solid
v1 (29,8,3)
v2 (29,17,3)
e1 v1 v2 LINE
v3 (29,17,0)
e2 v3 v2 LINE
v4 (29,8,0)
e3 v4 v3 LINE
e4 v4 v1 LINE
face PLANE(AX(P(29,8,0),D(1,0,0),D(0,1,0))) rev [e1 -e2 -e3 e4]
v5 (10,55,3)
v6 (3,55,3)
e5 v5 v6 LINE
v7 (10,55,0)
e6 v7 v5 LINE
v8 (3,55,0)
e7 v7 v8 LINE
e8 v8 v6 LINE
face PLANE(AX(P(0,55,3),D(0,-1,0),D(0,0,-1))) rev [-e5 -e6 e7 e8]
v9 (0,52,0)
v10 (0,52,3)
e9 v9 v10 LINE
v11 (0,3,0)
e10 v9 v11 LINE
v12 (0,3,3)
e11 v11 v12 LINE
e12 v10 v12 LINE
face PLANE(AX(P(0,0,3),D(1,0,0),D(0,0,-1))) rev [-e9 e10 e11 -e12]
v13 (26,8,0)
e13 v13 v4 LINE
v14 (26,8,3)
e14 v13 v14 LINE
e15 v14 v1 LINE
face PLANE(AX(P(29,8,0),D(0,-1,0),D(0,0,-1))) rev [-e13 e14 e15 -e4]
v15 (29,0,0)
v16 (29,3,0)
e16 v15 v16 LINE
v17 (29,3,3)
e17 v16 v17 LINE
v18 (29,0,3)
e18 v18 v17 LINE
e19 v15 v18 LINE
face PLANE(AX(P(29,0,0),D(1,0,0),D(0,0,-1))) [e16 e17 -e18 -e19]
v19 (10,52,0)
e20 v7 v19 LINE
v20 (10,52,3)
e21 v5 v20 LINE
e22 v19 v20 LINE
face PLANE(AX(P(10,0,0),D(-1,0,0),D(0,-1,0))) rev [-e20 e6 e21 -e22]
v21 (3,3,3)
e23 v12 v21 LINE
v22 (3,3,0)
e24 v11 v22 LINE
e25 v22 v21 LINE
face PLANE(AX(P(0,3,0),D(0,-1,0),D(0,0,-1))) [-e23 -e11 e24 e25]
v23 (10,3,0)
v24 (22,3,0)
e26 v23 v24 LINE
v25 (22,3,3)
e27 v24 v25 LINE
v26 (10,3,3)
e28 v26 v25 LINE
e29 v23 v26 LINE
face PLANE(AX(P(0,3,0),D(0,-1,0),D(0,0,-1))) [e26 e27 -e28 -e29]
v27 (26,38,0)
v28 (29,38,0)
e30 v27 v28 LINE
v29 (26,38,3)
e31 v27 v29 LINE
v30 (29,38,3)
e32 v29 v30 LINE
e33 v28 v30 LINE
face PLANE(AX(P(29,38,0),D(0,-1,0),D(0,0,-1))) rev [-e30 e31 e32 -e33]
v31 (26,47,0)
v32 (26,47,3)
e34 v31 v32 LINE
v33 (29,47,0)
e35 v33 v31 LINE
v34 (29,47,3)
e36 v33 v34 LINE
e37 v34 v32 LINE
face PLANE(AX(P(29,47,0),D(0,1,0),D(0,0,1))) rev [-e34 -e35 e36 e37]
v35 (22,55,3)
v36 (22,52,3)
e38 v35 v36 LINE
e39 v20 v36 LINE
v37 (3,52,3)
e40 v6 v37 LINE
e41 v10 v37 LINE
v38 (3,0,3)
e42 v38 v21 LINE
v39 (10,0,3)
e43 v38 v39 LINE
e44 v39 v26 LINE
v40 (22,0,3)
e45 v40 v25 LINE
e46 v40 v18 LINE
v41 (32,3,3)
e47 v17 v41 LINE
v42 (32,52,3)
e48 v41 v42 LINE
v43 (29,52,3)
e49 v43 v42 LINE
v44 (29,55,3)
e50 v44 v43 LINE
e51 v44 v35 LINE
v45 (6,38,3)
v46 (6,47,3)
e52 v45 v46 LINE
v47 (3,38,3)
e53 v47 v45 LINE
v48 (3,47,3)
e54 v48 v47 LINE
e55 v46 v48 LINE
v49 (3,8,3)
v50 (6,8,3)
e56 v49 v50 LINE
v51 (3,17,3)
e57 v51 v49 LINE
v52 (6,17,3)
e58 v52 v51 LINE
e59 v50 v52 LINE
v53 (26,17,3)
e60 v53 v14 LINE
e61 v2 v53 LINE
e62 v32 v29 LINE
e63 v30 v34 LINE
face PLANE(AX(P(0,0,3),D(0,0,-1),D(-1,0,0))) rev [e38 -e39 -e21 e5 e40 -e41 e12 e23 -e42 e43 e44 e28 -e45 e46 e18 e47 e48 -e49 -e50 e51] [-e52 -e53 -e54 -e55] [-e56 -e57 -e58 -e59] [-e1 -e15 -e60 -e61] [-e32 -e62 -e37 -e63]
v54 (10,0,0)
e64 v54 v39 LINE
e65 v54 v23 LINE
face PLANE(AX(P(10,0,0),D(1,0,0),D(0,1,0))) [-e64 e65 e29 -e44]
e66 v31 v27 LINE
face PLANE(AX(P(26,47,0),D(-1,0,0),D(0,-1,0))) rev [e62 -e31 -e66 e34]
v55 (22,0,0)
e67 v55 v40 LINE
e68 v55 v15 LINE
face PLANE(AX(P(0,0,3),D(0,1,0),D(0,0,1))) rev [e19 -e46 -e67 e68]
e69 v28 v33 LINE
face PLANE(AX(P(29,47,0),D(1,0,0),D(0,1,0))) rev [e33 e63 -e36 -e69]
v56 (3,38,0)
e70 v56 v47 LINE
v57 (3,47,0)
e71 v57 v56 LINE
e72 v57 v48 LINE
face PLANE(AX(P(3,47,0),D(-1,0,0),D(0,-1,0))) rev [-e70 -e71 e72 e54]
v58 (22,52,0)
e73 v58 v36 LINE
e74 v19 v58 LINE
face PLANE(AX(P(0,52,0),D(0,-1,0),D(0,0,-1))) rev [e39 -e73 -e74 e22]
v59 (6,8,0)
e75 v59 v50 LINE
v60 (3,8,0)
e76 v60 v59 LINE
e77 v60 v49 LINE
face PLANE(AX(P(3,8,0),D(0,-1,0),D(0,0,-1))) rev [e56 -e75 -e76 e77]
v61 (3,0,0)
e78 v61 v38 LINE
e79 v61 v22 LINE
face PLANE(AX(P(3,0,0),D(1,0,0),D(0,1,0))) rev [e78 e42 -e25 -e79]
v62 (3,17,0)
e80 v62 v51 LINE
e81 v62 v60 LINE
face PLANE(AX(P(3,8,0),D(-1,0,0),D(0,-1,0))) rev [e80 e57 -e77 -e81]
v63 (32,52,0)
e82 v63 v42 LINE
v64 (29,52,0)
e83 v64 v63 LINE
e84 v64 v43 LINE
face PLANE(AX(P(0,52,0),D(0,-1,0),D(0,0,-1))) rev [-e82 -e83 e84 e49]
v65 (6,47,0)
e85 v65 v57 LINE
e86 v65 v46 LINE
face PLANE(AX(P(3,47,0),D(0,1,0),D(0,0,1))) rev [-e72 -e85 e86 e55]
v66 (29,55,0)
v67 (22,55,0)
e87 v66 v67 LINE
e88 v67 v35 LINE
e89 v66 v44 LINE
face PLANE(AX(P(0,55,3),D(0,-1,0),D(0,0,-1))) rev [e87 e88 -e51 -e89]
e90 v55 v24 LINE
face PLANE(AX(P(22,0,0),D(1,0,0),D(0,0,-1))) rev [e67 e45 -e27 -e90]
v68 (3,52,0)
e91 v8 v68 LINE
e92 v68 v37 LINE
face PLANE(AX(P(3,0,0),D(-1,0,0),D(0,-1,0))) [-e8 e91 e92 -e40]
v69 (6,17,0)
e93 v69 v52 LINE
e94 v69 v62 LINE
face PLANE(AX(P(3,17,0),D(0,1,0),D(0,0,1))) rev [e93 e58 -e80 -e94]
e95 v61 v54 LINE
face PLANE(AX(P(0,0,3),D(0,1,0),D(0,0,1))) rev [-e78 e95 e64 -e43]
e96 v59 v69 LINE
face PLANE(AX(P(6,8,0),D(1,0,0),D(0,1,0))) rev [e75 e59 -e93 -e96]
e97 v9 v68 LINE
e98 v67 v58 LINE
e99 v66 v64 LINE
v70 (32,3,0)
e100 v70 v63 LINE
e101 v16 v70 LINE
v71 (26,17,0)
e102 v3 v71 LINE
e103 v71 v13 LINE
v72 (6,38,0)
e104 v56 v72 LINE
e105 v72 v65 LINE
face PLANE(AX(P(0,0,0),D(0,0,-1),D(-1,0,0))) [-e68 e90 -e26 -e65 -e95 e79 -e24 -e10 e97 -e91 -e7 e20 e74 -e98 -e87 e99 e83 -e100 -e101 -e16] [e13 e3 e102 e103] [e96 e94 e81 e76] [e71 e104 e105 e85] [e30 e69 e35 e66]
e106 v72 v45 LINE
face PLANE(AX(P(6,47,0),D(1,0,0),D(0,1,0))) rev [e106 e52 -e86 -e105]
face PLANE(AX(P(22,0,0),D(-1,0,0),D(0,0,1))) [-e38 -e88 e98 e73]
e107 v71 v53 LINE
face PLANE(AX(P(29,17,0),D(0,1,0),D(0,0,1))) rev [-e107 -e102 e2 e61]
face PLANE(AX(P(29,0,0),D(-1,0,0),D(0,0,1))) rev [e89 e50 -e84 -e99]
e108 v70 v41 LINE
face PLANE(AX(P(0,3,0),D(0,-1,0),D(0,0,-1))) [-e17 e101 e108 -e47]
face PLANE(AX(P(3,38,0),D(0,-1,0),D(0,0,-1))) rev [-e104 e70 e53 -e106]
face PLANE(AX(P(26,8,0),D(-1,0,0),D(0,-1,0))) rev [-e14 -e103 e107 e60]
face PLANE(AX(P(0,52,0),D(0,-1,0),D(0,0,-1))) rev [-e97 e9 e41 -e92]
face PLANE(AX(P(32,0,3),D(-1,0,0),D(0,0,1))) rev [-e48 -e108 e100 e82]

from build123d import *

# Parameters (mm, degrees)
SKETCH_1_W          = 32
SKETCH_1_H          = 55
EXTRUDE_1_DEPTH     = 3
SKETCH_2_W          = 3
SKETCH_2_H          = 3
SKETCH_2_W_2        = 12
CUT_EXTRUDE_1_DEPTH = 4
SKETCH_3_W          = 3
SKETCH_3_H          = 9
CUT_EXTRUDE_2_DEPTH = 4


with BuildPart() as part:
    # 스케치1 → 보스-돌출1 (new body)
    with BuildSketch(Plane.XY):
        with Locations((16, 27.5)):
            Rectangle(SKETCH_1_W, SKETCH_1_H)
    extrude(amount=EXTRUDE_1_DEPTH)

    # 스케치2 → 컷-돌출1 (cut, through all)
    with BuildSketch(Plane.XY.offset(3)):
        with Locations((1.5, 53.5)):
            Rectangle(SKETCH_2_W, SKETCH_2_H)
        with Locations((16, 53.5)):
            Rectangle(SKETCH_2_W_2, SKETCH_2_H)
        with Locations((30.5, 53.5)):
            Rectangle(SKETCH_2_W, SKETCH_2_H)
        with Locations((1.5, 1.5)):
            Rectangle(SKETCH_2_W, SKETCH_2_H)
        with Locations((16, 1.5)):
            Rectangle(SKETCH_2_W_2, SKETCH_2_H)
        with Locations((30.5, 1.5)):
            Rectangle(SKETCH_2_W, SKETCH_2_H)
    extrude(amount=-CUT_EXTRUDE_1_DEPTH, mode=Mode.SUBTRACT)

    # 스케치3 → 컷-돌출2 (cut, through all)
    with BuildSketch(Plane.XY.offset(3)):
        with Locations((4.5, 42.5)):
            Rectangle(SKETCH_3_W, SKETCH_3_H)
        with Locations((27.5, 42.5)):
            Rectangle(SKETCH_3_W, SKETCH_3_H)
        with Locations((27.5, 12.5)):
            Rectangle(SKETCH_3_W, SKETCH_3_H)
        with Locations((4.5, 12.5)):
            Rectangle(SKETCH_3_W, SKETCH_3_H)
    extrude(amount=-CUT_EXTRUDE_2_DEPTH, mode=Mode.SUBTRACT)


solid = part.part
